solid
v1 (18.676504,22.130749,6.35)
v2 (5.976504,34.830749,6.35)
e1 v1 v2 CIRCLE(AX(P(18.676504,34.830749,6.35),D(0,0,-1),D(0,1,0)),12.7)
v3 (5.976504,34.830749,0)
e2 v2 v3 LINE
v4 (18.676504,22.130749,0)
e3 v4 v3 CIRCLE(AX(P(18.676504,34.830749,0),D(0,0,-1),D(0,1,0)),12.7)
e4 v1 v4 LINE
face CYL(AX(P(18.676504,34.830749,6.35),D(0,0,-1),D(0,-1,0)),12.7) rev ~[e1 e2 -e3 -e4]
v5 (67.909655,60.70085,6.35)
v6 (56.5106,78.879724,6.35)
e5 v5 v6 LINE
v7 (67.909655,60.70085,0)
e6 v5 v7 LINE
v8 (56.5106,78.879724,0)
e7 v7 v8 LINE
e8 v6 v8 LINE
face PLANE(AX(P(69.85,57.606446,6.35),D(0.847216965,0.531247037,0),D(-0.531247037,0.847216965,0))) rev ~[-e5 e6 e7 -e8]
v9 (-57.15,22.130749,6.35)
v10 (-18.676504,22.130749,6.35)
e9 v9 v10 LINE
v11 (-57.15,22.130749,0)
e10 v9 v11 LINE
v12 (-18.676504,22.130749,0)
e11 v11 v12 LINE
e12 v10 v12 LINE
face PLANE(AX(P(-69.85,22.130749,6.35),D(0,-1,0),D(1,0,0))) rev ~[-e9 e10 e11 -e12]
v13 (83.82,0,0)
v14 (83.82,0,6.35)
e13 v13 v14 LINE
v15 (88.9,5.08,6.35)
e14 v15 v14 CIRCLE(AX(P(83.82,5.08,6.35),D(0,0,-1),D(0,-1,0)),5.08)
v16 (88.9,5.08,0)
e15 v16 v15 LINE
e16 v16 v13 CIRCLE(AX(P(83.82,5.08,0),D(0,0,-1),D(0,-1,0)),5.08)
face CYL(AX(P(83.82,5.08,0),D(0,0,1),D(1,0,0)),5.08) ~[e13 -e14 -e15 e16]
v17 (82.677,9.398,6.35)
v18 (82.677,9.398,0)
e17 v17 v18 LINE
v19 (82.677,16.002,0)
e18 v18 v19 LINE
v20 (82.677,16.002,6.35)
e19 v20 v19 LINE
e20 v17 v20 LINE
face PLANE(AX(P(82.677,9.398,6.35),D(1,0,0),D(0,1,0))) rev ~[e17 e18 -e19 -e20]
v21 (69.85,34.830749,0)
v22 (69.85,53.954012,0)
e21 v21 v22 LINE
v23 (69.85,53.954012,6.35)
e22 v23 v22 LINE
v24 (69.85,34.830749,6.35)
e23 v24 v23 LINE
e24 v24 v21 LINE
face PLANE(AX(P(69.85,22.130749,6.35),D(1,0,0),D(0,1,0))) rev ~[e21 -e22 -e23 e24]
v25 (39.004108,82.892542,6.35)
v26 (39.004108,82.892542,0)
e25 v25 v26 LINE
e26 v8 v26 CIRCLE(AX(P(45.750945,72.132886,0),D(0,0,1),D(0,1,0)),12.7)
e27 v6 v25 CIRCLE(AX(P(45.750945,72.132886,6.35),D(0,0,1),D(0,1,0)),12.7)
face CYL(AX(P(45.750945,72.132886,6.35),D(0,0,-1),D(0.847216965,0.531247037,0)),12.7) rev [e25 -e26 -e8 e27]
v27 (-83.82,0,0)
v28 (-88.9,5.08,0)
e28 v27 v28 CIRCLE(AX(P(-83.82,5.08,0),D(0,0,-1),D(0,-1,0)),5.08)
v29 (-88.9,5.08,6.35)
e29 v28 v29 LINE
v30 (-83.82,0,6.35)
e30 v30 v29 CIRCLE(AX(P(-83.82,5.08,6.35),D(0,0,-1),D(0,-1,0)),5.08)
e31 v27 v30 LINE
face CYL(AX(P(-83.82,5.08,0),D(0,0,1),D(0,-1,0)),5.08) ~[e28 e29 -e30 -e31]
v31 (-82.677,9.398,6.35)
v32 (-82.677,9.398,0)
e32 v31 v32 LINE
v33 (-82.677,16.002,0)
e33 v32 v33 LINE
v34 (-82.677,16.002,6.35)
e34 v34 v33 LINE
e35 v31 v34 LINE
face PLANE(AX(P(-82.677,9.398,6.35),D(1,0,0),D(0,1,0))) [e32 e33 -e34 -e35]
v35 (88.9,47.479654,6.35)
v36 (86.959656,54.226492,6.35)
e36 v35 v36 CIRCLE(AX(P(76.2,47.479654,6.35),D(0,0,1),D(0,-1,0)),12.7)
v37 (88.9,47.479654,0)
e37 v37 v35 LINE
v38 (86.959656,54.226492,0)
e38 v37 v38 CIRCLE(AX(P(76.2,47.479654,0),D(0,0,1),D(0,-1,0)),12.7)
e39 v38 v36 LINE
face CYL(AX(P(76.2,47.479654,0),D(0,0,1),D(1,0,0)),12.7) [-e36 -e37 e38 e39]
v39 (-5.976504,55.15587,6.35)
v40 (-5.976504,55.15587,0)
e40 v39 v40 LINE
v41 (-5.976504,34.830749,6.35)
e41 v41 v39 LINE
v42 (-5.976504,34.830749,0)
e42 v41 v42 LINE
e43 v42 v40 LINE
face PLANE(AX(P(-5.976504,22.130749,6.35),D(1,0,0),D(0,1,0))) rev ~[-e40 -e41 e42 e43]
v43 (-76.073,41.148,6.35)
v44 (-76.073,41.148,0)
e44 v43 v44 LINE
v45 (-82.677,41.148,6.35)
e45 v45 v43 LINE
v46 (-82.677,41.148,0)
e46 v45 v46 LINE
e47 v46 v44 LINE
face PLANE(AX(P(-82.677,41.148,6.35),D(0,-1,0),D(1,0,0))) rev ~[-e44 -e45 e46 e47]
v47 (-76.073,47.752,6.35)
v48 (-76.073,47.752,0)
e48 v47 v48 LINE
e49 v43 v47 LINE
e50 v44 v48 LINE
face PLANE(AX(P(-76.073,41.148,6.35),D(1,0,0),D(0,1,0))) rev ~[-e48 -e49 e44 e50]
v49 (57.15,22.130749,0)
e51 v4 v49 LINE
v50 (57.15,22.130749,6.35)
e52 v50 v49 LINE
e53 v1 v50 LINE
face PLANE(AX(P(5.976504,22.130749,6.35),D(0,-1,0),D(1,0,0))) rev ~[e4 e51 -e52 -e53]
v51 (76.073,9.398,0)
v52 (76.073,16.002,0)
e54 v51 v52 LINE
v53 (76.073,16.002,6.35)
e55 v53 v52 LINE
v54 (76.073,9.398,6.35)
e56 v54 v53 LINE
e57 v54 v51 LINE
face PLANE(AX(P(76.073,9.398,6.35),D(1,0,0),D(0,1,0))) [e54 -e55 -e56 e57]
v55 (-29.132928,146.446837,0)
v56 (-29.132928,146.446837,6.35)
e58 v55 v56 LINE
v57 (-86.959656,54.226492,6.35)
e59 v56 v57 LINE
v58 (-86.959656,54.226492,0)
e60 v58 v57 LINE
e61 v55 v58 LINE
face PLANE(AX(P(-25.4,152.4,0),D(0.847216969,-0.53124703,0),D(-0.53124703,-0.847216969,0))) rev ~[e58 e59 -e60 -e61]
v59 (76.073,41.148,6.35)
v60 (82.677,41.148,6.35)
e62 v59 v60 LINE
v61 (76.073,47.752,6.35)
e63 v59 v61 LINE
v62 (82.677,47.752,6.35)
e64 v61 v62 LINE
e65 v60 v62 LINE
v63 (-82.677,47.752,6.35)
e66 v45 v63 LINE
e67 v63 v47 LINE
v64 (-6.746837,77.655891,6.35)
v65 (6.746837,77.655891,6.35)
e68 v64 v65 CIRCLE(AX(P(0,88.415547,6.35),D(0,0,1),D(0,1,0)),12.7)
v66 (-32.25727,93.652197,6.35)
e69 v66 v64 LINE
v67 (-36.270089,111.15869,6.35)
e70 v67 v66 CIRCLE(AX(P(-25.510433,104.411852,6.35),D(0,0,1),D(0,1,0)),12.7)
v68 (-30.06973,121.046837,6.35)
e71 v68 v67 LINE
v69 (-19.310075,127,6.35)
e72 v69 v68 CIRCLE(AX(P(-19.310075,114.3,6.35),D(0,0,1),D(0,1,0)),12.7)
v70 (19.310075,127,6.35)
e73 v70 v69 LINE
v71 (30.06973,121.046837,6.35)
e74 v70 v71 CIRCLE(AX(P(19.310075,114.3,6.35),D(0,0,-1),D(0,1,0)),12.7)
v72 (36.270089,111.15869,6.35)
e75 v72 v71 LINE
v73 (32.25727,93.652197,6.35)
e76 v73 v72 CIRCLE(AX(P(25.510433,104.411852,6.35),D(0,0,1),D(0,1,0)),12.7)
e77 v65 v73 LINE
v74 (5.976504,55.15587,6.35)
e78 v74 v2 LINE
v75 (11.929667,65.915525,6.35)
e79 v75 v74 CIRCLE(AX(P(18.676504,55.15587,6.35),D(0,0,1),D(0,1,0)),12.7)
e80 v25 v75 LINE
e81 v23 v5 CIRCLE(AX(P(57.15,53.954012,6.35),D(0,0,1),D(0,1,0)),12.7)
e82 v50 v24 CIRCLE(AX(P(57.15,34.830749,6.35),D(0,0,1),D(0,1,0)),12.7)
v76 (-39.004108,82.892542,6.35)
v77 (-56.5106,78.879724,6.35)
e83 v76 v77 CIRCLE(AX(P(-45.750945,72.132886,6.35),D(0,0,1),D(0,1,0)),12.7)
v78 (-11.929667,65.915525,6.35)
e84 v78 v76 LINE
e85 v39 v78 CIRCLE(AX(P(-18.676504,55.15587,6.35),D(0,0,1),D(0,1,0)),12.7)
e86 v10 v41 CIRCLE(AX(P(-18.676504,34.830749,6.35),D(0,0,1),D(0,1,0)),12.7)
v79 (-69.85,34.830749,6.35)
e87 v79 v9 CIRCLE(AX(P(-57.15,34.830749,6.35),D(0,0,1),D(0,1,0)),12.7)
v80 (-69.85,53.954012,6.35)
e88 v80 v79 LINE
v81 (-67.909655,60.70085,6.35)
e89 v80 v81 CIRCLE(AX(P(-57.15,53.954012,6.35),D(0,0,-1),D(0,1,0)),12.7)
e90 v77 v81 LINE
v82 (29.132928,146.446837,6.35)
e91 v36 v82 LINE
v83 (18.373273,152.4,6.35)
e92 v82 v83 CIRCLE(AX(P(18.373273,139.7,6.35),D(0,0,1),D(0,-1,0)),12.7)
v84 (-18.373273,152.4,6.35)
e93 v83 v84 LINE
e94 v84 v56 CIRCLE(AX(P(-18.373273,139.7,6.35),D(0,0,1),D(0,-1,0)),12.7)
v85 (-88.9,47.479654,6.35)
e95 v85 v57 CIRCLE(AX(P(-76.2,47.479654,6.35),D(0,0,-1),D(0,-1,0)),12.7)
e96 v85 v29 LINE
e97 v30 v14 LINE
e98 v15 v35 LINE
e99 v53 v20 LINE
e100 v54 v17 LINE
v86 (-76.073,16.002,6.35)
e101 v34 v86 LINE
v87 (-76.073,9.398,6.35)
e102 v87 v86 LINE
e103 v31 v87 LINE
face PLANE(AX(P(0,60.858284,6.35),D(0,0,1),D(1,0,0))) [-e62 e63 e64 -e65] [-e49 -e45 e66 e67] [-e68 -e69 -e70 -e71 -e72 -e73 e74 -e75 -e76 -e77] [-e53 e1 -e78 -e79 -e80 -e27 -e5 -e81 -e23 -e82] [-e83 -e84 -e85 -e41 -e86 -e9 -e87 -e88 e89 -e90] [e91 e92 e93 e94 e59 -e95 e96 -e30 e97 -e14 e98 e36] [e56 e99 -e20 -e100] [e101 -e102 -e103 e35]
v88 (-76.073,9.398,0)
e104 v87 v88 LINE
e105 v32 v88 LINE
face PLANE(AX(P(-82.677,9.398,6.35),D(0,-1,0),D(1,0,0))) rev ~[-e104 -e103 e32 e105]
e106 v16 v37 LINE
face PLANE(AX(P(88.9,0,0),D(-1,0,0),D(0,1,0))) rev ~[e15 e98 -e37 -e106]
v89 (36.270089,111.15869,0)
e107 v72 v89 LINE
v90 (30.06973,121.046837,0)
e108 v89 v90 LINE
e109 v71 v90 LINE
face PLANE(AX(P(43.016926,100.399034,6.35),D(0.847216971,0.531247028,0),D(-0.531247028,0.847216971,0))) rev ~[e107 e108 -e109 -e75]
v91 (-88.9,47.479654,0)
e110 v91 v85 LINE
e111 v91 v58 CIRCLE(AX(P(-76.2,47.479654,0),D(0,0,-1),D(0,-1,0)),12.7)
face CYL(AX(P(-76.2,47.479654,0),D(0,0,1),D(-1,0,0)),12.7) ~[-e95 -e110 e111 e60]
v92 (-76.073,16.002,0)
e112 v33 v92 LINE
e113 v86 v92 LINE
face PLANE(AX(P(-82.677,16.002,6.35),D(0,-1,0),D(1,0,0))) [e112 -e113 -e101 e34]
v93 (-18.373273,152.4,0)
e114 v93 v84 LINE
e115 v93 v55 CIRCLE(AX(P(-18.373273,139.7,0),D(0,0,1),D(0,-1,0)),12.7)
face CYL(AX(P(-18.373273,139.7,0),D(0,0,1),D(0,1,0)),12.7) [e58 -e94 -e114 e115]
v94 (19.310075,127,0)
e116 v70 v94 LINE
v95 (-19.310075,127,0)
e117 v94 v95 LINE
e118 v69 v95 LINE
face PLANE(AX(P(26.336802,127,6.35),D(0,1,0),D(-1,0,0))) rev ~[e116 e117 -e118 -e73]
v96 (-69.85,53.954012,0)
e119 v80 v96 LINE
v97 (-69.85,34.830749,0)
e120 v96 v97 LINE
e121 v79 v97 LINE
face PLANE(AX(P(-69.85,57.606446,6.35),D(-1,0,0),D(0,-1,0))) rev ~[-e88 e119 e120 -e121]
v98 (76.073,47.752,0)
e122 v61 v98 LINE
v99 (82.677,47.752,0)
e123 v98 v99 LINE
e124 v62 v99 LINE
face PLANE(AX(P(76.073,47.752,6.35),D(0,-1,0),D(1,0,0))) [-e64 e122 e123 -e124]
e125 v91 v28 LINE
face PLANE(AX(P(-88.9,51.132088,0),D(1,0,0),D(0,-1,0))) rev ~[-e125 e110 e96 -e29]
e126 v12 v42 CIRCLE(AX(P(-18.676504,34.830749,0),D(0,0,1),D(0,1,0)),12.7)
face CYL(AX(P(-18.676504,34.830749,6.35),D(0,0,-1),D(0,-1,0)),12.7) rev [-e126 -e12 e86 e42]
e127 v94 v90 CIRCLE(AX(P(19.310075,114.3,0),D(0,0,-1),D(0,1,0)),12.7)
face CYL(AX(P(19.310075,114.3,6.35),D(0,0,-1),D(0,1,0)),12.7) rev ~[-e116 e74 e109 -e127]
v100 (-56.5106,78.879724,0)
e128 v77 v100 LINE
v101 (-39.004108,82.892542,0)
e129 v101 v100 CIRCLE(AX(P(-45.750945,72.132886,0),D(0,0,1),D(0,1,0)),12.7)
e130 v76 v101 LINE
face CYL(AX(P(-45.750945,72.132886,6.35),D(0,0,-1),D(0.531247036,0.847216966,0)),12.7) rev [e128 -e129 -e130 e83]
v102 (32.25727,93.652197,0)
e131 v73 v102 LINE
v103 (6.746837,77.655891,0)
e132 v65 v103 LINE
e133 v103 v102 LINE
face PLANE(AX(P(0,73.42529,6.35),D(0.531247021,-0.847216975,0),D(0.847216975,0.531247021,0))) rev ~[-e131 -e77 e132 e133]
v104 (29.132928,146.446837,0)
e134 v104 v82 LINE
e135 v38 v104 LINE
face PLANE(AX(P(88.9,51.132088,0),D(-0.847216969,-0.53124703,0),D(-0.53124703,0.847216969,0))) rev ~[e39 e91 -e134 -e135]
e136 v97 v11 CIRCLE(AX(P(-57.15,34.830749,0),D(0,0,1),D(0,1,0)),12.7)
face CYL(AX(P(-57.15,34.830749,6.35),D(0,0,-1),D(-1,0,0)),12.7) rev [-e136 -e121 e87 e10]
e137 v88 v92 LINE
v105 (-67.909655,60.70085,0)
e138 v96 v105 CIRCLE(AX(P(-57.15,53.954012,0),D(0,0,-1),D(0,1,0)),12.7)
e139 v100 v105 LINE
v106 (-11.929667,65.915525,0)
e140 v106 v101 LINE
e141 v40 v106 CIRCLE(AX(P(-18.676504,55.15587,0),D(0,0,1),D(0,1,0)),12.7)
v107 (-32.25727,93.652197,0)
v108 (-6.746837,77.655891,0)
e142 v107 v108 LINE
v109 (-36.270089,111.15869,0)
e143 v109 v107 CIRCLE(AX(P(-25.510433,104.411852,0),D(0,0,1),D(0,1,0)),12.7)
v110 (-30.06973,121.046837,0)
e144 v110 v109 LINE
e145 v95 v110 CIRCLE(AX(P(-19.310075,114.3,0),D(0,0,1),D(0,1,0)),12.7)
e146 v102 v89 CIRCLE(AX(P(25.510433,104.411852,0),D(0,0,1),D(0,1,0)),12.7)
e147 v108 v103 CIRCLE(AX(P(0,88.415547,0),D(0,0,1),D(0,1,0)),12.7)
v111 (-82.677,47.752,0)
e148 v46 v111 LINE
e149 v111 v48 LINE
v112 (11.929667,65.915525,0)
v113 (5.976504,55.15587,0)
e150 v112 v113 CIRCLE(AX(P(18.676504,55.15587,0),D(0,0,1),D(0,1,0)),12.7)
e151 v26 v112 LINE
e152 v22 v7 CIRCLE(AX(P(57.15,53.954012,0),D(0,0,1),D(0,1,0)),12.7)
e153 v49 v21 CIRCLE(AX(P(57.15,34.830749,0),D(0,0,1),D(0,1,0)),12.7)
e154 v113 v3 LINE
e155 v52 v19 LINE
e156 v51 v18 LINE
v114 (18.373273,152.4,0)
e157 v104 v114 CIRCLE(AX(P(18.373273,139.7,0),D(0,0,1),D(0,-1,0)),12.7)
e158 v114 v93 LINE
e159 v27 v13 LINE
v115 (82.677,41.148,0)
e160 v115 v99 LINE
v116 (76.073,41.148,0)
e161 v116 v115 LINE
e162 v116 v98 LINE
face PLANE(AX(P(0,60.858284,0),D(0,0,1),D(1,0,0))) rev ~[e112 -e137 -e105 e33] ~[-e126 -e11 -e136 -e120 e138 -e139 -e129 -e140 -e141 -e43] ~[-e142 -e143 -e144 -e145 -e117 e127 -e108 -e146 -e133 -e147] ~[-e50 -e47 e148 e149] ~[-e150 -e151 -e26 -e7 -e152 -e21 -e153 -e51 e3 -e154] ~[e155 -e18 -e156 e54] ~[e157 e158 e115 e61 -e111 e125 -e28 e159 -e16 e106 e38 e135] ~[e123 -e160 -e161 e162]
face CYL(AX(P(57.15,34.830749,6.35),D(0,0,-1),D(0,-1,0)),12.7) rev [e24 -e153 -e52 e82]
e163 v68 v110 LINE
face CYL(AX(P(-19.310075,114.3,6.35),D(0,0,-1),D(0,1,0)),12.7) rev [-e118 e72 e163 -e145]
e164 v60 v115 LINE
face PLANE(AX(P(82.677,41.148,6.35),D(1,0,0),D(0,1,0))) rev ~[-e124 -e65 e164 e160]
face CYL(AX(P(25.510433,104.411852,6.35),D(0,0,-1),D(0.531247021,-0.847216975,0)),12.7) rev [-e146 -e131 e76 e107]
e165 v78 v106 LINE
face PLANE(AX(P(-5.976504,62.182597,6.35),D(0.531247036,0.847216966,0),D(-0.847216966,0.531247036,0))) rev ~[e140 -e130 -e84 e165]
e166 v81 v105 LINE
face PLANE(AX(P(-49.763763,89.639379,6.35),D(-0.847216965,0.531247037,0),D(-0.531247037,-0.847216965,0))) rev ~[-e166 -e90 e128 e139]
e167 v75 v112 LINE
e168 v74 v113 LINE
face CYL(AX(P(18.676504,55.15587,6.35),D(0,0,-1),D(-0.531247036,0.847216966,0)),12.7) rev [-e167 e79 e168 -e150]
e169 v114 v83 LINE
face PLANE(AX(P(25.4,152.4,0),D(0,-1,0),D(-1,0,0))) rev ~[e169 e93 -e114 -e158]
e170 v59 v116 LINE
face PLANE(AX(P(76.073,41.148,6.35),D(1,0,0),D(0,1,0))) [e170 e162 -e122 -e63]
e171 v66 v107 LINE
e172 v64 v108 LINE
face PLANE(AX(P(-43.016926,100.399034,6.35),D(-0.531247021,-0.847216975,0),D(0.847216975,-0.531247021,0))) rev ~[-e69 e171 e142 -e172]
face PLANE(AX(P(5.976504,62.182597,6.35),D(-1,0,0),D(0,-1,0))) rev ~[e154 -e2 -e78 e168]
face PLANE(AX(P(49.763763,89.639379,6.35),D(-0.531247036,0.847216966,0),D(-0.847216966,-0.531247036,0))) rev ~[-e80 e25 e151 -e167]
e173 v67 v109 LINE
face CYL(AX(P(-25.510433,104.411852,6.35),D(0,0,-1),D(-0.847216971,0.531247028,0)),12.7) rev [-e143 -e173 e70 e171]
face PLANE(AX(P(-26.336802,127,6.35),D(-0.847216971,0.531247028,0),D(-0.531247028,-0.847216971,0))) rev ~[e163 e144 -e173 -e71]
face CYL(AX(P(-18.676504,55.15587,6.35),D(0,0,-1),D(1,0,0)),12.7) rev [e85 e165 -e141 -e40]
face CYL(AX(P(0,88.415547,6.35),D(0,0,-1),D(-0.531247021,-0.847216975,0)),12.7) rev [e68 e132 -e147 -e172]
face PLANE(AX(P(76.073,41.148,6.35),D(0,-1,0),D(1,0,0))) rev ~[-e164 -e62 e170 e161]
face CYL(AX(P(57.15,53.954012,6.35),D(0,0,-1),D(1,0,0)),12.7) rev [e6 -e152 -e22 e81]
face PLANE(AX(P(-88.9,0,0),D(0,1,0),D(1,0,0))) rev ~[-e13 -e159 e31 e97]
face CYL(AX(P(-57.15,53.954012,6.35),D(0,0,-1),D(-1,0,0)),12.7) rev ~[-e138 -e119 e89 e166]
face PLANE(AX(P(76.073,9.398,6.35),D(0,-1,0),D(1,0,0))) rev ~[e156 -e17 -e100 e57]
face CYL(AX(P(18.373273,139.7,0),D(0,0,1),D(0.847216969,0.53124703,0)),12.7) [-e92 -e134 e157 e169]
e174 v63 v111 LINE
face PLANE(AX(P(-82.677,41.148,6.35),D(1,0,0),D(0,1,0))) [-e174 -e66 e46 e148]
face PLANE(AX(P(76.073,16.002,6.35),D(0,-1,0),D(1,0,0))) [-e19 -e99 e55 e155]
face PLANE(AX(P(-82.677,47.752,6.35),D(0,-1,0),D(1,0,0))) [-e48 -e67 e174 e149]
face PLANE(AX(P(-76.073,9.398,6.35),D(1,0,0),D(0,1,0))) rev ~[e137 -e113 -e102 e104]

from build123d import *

# Parameters (mm, degrees)
F1_DEPTH = 6.35
F3_DEPTH = 25.4
F4_R     = 12.7
F5_R     = 12.7
F6_W     = 6.604
F6_H     = 6.604
F7_DEPTH = 25.4
F8_R     = 5.08


with BuildPart() as f1:
    # F0 (on Top) → F1 (new body)
    with BuildSketch(Plane.XY):
        Polygon((0, 0), (88.9, 0), (88.9, 51.132088), (25.4, 152.4), (0, 152.4), (-25.4, 152.4), (-88.9, 51.132088), (-88.9, 0), align=None)
    extrude(amount=F1_DEPTH)

    # F2 (on face) → F3 (cut)
    with BuildSketch(Plane.XY.offset(6.35)):
        Polygon((26.336802, 127), (0, 127), (-26.336802, 127), (-43.016926, 100.399034), (0, 73.42529), (43.016926, 100.399034), align=None)
        Polygon((-69.85, 57.606446), (-69.85, 22.130749), (-5.976504, 22.130749), (-5.976504, 62.182597), (-49.763763, 89.639379), align=None)
        Polygon((5.976504, 22.130749), (69.85, 22.130749), (69.85, 57.606446), (49.763763, 89.639379), (5.976504, 62.182597), align=None)
    extrude(amount=-F3_DEPTH, mode=Mode.SUBTRACT)

    # F4
    f4_edges = [f1.edges().sort_by_distance(p)[0] for p in [
        (-25.4, 152.4, 3.175),
        (25.4, 152.4, 3.175),
        (88.9, 51.132088, 3.175),
        (-88.9, 51.132088, 3.175),
    ]]
    fillet(f4_edges, radius=F4_R)

    # F5
    f5_edges = [f1.edges().sort_by_distance(p)[0] for p in [
        (-43.016926, 100.399034, 3.175),
        (0, 73.42529, 3.175),
        (-26.336802, 127, 3.175),
        (26.336802, 127, 3.175),
        (43.016926, 100.399034, 3.175),
        (-49.763763, 89.639379, 3.175),
        (-69.85, 57.606446, 3.175),
        (-69.85, 22.130749, 3.175),
        (-5.976504, 22.130749, 3.175),
        (-5.976504, 62.182597, 3.175),
        (49.763763, 89.639379, 3.175),
        (69.85, 57.606446, 3.175),
        (69.85, 22.130749, 3.175),
        (5.976504, 22.130749, 3.175),
        (5.976504, 62.182597, 3.175),
    ]]
    fillet(f5_edges, radius=F5_R)

    # F6 (on face) → F7 (cut)
    with BuildSketch(Plane.XY.offset(6.35)):
        with Locations((-79.375, 44.45)):
            Rectangle(F6_W, F6_H)
        with Locations((-79.375, 12.7)):
            Rectangle(F6_W, F6_H)
        with Locations((79.375, 12.7)):
            Rectangle(F6_W, F6_H)
        with Locations((79.375, 44.45)):
            Rectangle(F6_W, F6_H)
    extrude(amount=-F7_DEPTH, mode=Mode.SUBTRACT)

    # F8
    f8_edges = [f1.edges().sort_by_distance(p)[0] for p in [
        (-88.9, 0, 3.175),
        (88.9, 0, 3.175),
    ]]
    fillet(f8_edges, radius=F8_R)


solid = f1.part
